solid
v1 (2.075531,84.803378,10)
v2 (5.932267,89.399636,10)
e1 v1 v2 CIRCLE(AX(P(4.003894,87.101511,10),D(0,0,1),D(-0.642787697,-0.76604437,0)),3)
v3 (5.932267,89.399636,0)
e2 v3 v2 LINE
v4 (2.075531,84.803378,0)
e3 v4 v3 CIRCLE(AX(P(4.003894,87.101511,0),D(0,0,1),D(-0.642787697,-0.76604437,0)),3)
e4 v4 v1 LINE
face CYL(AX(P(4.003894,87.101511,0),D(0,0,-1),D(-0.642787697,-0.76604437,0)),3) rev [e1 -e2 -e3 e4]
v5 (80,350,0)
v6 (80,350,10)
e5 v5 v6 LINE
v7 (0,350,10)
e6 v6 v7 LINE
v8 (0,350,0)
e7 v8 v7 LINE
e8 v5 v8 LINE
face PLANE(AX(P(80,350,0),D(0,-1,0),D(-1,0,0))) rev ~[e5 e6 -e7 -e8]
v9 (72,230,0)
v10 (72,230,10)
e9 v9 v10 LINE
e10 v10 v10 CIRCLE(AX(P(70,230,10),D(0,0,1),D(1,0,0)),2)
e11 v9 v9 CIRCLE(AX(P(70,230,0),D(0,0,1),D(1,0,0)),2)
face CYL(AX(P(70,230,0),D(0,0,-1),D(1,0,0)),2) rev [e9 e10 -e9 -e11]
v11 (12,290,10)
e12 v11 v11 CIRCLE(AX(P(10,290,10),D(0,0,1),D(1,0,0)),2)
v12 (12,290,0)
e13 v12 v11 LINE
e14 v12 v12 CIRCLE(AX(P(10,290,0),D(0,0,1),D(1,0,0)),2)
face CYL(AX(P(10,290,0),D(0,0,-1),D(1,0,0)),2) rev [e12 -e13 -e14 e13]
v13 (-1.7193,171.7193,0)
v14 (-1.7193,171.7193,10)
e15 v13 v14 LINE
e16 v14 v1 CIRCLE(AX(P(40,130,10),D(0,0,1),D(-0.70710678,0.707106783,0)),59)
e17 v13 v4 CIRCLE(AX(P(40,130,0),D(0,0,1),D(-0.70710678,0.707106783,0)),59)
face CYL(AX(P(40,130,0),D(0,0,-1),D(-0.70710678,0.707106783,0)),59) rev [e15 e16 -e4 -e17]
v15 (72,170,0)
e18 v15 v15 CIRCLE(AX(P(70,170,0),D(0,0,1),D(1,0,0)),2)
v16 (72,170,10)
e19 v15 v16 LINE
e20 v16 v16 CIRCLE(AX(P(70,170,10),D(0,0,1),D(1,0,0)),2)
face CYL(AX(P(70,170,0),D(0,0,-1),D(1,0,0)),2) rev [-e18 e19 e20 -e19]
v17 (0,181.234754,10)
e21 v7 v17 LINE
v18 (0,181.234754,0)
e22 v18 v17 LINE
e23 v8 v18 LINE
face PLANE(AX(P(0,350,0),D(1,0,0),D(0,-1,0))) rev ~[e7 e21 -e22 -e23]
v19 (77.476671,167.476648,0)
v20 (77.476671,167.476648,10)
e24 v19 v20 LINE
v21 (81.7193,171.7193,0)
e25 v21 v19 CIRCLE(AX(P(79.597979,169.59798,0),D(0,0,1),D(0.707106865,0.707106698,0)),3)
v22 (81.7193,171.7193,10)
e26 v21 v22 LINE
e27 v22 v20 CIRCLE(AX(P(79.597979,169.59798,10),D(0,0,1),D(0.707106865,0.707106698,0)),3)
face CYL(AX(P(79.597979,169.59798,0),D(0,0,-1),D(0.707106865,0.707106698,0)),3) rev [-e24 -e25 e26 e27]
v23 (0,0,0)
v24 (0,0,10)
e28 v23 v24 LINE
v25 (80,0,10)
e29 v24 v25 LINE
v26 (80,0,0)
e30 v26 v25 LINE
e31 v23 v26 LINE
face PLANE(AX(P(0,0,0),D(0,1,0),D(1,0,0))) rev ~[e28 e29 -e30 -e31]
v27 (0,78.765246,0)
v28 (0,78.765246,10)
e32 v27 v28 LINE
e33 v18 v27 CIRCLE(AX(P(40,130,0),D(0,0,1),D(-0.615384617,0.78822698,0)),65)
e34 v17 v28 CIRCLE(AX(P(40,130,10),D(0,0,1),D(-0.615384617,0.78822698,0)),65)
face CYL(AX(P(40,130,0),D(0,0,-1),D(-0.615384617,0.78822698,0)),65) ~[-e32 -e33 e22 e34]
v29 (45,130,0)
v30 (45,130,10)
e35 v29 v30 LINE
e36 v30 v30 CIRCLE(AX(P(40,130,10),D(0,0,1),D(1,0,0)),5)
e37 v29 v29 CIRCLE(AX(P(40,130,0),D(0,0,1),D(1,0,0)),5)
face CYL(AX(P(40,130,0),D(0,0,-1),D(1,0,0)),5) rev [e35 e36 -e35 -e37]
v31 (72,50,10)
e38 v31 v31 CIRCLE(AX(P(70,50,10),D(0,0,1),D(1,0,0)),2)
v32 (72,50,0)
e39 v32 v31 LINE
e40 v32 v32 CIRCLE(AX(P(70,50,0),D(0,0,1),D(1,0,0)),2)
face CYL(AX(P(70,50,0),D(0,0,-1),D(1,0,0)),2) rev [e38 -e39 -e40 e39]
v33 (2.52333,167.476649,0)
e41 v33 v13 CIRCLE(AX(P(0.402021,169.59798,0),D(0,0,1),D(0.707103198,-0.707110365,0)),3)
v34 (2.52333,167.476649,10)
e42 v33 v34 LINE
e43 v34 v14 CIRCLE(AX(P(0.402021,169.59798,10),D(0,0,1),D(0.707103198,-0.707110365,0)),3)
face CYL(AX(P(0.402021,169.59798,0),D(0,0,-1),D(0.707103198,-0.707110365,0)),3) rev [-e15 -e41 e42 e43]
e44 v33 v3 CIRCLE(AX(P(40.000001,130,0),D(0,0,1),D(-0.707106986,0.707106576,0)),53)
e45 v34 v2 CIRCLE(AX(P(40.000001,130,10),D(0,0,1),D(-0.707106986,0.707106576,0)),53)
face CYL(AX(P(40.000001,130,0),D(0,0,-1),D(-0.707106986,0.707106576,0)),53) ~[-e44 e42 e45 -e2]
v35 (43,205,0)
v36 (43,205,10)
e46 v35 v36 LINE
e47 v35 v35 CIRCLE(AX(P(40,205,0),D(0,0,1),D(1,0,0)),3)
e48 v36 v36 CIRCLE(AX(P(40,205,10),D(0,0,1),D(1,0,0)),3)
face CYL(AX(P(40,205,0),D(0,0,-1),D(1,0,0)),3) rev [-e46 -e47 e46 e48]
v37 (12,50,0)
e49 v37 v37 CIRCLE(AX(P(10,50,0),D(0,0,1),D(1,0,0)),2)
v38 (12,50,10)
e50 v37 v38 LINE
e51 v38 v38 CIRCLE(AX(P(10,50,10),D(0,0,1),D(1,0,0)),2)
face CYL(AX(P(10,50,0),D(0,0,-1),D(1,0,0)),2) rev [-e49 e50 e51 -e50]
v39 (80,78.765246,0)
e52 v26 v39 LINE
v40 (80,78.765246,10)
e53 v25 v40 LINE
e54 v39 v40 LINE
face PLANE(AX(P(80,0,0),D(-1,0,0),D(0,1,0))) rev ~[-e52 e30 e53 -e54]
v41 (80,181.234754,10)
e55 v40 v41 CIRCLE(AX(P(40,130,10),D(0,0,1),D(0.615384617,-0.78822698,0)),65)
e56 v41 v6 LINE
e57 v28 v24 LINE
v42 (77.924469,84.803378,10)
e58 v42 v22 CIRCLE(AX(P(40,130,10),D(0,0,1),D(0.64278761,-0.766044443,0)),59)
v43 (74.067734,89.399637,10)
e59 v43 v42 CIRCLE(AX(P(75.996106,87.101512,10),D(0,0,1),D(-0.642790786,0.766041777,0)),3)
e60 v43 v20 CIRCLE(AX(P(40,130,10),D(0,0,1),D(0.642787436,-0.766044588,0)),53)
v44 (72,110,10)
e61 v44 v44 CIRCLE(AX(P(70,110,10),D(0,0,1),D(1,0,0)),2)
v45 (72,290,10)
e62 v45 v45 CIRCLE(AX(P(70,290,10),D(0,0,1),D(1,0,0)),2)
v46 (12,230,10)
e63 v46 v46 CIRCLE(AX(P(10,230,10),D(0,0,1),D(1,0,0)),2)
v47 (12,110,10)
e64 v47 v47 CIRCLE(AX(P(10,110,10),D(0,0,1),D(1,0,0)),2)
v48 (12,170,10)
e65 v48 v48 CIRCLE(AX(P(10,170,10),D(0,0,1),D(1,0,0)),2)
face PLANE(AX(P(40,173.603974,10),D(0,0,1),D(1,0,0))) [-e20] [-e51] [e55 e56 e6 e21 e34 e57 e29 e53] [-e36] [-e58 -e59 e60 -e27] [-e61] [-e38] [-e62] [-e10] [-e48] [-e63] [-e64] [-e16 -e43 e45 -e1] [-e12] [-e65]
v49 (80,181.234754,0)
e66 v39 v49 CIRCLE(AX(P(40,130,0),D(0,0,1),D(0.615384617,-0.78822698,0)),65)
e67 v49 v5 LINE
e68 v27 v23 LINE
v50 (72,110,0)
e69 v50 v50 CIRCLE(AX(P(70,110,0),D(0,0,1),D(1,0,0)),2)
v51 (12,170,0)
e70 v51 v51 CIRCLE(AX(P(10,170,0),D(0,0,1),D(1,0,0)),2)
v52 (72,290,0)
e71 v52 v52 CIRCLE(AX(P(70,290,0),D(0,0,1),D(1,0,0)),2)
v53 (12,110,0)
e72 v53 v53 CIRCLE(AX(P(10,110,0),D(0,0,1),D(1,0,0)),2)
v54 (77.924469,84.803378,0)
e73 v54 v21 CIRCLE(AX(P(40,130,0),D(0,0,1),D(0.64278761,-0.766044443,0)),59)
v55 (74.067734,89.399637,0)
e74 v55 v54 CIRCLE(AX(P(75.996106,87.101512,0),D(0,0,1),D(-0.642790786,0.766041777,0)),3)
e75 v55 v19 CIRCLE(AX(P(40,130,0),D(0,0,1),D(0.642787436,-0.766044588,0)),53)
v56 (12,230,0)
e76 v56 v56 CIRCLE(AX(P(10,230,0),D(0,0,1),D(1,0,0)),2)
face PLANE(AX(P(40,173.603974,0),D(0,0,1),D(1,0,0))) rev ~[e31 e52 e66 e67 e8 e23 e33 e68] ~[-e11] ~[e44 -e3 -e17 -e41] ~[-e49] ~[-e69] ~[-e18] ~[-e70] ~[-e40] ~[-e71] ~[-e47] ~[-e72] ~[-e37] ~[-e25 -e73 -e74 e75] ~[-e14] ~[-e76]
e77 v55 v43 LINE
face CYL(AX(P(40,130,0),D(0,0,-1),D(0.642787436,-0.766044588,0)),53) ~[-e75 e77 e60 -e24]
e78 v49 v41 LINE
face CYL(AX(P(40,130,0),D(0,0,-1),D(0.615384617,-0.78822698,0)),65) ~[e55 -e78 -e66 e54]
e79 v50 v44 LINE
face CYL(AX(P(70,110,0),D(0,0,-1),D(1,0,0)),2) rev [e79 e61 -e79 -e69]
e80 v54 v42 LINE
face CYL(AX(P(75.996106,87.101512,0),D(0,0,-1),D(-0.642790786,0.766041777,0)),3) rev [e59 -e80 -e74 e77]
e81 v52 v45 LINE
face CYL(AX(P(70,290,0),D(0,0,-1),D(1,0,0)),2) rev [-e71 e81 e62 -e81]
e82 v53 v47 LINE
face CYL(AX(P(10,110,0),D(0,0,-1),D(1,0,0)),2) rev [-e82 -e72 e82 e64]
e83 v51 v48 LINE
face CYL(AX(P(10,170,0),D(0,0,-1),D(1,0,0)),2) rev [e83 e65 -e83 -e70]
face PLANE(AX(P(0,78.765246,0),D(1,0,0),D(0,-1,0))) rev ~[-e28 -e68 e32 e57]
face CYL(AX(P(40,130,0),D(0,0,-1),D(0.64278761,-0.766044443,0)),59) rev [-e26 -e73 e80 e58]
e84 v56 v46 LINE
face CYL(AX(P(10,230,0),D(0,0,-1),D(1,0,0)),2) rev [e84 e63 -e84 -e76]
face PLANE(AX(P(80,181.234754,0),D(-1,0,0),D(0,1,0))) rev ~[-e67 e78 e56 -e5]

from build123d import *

# Parameters (mm, degrees)
SKETCH_R   = 2
SKETCH_R_2 = 5
SKETCH_R_3 = 3
PAD_DEPTH  = 10


with BuildPart() as part:
    # Sketch → Pad (new body)
    with BuildSketch(Plane.XY):
        with BuildLine():
            Line((0, 0), (80, 0))
            Line((80, 0), (80, 78.765246))
            ThreePointArc((80, 78.765246), (105, 130), (80, 181.234754))
            Line((80, 181.234754), (80, 350))
            Line((80, 350), (0, 350))
            Line((0, 350), (0, 181.234754))
            ThreePointArc((0, 181.234754), (-25, 130), (0, 78.765246))
            Line((0, 78.765246), (0, 0))
        make_face()
        with Locations((10, 50)):
            Circle(SKETCH_R, mode=Mode.SUBTRACT)
        with Locations((10, 110)):
            Circle(SKETCH_R, mode=Mode.SUBTRACT)
        with Locations((10, 170)):
            Circle(SKETCH_R, mode=Mode.SUBTRACT)
        with Locations((10, 230)):
            Circle(SKETCH_R, mode=Mode.SUBTRACT)
        with Locations((10, 290)):
            Circle(SKETCH_R, mode=Mode.SUBTRACT)
        with Locations((70, 50)):
            Circle(SKETCH_R, mode=Mode.SUBTRACT)
        with Locations((70, 110)):
            Circle(SKETCH_R, mode=Mode.SUBTRACT)
        with Locations((70, 170)):
            Circle(SKETCH_R, mode=Mode.SUBTRACT)
        with Locations((70, 230)):
            Circle(SKETCH_R, mode=Mode.SUBTRACT)
        with Locations((70, 290)):
            Circle(SKETCH_R, mode=Mode.SUBTRACT)
        with Locations((40, 130)):
            Circle(SKETCH_R_2, mode=Mode.SUBTRACT)
        with Locations((40, 205)):
            Circle(SKETCH_R_3, mode=Mode.SUBTRACT)
        with BuildLine():
            ThreePointArc((-1.7193, 171.7193), (-18.943845, 127.426456), (2.075531, 84.803378))
            ThreePointArc((2.075531, 84.803378), (6.302023, 85.173143), (5.932267, 89.399636))
            ThreePointArc((2.52333, 167.476649), (-12.949555, 127.688159), (5.932267, 89.399636))
            ThreePointArc((2.52333, 167.476649), (2.523346, 171.719295), (-1.7193, 171.7193))
        make_face(mode=Mode.SUBTRACT)
        with BuildLine():
            ThreePointArc((74.067734, 89.399637), (92.949555, 127.688158), (77.476671, 167.476648))
            ThreePointArc((81.7193, 171.7193), (77.476654, 171.719295), (77.476671, 167.476648))
            ThreePointArc((77.924469, 84.803378), (98.943845, 127.426456), (81.7193, 171.7193))
            ThreePointArc((74.067734, 89.399637), (73.697977, 85.173144), (77.924469, 84.803378))
        make_face(mode=Mode.SUBTRACT)
    extrude(amount=PAD_DEPTH)


solid = part.part
